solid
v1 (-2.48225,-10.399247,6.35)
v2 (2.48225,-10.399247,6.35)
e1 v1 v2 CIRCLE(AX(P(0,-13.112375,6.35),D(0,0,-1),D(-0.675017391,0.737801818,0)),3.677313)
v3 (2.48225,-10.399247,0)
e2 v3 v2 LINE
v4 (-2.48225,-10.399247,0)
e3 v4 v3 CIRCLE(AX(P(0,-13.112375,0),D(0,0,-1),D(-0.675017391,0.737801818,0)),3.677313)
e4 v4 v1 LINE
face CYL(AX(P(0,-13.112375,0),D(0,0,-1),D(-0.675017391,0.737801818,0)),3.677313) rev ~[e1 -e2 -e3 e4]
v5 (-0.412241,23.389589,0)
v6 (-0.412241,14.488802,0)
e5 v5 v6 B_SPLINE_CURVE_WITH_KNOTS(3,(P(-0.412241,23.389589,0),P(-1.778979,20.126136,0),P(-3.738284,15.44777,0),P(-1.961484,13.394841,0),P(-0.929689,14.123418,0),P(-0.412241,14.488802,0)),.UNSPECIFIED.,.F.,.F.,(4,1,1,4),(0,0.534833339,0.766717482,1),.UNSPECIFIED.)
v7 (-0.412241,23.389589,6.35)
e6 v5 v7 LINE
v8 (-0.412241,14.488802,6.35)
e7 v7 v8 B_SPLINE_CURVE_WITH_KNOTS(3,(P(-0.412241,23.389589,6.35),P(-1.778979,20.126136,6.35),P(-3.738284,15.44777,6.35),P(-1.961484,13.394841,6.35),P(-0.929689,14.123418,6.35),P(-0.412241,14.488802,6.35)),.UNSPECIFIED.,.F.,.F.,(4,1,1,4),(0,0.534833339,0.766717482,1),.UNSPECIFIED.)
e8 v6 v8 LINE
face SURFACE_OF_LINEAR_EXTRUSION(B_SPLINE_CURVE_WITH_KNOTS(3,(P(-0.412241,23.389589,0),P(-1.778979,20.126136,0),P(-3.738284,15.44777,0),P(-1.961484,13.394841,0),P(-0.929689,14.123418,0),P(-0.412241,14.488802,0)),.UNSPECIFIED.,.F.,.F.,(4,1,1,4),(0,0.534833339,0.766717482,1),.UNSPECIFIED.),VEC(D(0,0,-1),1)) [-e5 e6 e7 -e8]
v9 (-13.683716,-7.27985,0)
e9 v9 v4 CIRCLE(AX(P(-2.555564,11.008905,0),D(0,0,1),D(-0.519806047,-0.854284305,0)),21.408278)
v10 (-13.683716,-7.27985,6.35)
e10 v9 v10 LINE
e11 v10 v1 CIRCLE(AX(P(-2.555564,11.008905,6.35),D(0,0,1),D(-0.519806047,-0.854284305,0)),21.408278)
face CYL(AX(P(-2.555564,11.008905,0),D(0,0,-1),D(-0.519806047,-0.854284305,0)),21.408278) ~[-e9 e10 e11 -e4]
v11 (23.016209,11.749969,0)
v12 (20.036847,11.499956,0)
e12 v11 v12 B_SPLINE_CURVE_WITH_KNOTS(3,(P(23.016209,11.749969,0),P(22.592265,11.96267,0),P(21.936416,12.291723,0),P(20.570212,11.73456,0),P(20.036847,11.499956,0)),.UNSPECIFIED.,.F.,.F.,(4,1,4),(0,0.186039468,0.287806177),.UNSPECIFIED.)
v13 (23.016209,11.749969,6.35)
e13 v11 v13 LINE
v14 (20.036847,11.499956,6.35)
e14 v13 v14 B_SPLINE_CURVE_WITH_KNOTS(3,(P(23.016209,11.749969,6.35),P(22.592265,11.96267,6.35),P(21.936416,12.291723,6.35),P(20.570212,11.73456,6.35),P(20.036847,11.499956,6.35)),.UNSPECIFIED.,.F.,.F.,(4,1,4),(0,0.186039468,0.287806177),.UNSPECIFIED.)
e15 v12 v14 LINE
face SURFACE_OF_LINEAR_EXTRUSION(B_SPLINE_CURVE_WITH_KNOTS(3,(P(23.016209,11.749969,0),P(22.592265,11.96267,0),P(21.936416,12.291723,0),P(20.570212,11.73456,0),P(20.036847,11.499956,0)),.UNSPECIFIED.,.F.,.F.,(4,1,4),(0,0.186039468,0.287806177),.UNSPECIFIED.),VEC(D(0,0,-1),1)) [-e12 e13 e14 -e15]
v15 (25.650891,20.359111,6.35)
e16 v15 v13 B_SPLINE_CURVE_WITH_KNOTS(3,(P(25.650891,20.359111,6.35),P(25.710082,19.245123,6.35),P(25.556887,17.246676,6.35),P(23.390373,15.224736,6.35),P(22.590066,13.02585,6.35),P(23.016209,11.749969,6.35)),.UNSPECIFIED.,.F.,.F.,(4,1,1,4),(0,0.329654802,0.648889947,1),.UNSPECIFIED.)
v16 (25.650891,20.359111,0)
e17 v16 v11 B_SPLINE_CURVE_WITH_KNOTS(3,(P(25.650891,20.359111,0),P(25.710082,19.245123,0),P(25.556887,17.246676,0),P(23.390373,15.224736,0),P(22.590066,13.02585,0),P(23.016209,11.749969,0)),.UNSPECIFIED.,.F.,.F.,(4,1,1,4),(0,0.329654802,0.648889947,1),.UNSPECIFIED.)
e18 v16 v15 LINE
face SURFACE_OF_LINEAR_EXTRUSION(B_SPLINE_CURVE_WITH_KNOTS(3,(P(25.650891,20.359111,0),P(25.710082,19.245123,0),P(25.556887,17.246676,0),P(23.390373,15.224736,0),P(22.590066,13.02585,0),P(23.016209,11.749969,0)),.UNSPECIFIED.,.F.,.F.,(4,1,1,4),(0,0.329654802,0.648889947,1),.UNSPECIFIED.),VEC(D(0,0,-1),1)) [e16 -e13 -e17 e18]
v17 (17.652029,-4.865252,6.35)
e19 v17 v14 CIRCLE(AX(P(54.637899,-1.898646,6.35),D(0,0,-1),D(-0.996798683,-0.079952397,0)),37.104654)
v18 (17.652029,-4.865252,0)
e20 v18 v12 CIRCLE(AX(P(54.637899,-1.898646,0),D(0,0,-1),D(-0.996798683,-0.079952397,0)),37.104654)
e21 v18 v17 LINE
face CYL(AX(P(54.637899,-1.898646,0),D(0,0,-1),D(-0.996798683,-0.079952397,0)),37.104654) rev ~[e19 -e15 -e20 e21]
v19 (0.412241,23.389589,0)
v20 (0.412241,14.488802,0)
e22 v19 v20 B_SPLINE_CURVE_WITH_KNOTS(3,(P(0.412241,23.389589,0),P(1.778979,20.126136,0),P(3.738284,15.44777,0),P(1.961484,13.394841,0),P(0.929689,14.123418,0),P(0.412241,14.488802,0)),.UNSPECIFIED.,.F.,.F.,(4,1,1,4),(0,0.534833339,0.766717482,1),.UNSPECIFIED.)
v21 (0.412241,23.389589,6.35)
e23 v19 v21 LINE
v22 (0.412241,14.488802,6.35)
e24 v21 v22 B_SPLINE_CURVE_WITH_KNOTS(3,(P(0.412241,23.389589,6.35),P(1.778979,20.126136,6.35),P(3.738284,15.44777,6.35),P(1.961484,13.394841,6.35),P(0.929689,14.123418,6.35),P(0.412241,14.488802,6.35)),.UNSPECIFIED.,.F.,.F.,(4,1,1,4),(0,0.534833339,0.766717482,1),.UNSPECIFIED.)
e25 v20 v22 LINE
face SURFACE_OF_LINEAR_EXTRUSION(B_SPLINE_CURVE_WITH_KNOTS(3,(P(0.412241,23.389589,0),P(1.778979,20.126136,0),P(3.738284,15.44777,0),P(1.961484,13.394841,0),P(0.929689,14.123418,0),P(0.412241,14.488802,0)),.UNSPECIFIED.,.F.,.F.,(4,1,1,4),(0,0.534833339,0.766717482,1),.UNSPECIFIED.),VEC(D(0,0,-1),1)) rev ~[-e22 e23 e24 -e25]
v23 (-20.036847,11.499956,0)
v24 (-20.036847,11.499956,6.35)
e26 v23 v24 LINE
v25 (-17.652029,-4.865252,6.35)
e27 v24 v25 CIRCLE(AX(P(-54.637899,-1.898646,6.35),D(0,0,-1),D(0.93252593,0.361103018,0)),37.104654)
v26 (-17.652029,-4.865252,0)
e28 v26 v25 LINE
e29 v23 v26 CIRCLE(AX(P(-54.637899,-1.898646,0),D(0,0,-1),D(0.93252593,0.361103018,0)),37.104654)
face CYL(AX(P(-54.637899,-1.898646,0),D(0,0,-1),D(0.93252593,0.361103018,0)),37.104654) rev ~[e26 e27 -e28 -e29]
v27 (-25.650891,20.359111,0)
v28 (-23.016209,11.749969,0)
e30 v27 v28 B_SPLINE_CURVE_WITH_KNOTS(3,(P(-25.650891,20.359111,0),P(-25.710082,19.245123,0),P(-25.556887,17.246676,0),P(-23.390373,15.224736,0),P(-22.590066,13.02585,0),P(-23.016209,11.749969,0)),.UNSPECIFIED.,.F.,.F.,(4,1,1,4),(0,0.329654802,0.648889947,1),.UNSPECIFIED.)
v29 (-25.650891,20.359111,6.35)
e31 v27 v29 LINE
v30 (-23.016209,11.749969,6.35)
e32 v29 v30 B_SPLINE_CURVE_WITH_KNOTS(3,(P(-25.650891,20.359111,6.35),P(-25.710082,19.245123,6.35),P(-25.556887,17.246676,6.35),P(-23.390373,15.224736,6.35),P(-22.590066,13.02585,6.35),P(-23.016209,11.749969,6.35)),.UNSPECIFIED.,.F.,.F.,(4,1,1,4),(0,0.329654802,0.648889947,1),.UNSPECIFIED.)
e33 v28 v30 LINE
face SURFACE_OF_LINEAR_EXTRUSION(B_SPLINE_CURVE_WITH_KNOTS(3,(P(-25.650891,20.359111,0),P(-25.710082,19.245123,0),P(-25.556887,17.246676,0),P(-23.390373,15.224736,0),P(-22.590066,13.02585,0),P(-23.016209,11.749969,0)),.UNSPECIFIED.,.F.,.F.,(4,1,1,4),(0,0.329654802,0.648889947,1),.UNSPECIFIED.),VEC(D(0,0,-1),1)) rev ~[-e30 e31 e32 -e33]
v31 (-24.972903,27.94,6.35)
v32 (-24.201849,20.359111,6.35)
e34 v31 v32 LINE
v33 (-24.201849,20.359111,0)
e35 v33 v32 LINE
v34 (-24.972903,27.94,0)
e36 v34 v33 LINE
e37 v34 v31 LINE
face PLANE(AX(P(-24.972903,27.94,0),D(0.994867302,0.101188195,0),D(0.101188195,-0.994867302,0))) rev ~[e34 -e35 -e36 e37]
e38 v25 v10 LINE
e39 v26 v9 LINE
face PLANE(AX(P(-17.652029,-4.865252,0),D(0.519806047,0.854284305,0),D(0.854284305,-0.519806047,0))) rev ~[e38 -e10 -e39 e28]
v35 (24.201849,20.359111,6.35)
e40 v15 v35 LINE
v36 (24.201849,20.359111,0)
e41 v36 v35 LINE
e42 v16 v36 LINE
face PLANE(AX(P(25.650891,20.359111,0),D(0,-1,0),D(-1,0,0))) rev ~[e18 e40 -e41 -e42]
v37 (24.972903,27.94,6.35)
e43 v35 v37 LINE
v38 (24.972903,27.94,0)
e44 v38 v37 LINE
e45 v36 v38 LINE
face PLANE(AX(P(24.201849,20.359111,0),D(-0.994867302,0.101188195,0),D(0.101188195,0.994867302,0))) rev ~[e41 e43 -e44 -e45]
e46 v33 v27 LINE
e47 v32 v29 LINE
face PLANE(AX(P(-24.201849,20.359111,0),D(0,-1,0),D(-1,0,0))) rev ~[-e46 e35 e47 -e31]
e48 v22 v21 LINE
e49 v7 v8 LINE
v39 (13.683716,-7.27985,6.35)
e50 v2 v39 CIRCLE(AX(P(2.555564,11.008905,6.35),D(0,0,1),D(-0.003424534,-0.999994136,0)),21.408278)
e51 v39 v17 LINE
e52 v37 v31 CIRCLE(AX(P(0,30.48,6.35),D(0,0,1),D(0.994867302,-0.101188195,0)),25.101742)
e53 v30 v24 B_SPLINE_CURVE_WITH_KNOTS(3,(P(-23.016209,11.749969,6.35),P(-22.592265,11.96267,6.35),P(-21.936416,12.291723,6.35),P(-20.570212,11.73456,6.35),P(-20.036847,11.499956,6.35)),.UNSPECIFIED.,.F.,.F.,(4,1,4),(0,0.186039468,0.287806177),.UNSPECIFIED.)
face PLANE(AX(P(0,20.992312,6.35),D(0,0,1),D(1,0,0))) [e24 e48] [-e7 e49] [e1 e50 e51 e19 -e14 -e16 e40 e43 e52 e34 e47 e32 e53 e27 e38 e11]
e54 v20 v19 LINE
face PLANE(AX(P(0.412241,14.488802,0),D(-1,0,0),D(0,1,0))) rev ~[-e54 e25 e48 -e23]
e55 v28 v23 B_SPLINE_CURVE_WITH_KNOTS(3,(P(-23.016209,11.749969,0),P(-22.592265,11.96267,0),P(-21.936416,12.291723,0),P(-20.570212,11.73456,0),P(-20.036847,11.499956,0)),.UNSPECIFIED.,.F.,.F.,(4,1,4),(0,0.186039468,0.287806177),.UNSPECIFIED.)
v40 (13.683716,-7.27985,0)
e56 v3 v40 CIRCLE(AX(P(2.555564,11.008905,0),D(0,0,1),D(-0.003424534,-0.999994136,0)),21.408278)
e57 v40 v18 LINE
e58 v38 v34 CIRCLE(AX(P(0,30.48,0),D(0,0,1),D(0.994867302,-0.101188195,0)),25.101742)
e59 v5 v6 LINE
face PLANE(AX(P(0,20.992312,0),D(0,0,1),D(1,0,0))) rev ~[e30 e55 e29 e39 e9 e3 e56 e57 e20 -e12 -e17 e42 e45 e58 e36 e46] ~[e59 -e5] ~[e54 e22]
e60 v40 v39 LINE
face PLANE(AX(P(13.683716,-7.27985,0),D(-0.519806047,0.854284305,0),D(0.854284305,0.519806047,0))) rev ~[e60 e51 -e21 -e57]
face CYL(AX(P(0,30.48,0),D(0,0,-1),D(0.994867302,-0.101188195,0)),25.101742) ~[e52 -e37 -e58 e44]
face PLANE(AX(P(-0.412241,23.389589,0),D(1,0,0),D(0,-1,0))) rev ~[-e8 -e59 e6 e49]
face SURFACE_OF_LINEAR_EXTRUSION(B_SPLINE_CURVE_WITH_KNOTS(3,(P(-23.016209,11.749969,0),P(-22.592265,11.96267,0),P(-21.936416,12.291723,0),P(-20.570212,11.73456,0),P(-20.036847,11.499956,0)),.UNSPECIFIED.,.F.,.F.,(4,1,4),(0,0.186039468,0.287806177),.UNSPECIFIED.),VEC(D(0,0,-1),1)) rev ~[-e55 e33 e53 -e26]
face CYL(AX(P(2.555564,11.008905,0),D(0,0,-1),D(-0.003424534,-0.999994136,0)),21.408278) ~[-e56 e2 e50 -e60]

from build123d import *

# Parameters (mm, degrees)
F1_DEPTH = 6.35


with BuildPart() as f1:
    # F0 (on Top) → F1 (new body)
    with BuildSketch(Plane.XY):
        with BuildLine():
            Line((24.2018485624, 20.3591111567), (24.9729026109, 27.94))
            ThreePointArc((24.9729026109, 27.94), (0, 55.5817422665), (-24.9729026109, 27.94))
            Line((-24.9729026109, 27.94), (-24.2018485624, 20.3591111567))
            Line((-24.2018485624, 20.3591111567), (-25.6508905441, 20.3591111567))
            add(Edge.make_bspline(
                [(-25.6508905441, 20.3591111567), (-25.7100819344, 19.245122657), (-25.5568868283, 17.2466762377), (-23.3903728125, 15.2247357766), (-22.5900660073, 13.0258495468), (-23.0162087828, 11.749968864)],
                knots=[0, 0, 0, 0, 0.3296548024, 0.6488899473, 1, 1, 1, 1], degree=3))
            add(Edge.make_bspline(
                [(-23.0162087828, 11.749968864), (-22.5922647679, 11.9626704707), (-21.9364162676, 12.2917234231), (-20.5702119014, 11.7345602596), (-20.0368468234, 11.4999563751)],
                knots=[0, 0, 0, 0, 0.1860394682, 0.2878061771, 0.2878061771, 0.2878061771, 0.2878061771], degree=3))
            ThreePointArc((-20.0368468234, 11.4999563751), (-17.9210515485, 3.451912359), (-17.6520285488, -4.8652523476))
            Line((-17.6520285488, -4.8652523476), (-13.6837158352, -7.2798500769))
            ThreePointArc((-13.6837158352, -7.2798500769), (-8.2988226788, -9.6146084334), (-2.4822503328, -10.3992465883))
            ThreePointArc((-2.4822503328, -10.3992465883), (0, -9.4350617624), (2.4822503328, -10.3992465883))
            ThreePointArc((2.4822503328, -10.3992465883), (8.2988226788, -9.6146084334), (13.6837158352, -7.2798500769))
            Line((13.6837158352, -7.2798500769), (17.6520285488, -4.8652523476))
            ThreePointArc((17.6520285488, -4.8652523476), (17.9210515485, 3.451912359), (20.0368468234, 11.4999563751))
            add(Edge.make_bspline(
                [(23.0162087828, 11.749968864), (22.5922647679, 11.9626704707), (21.9364162676, 12.2917234231), (20.5702119014, 11.7345602596), (20.0368468234, 11.4999563751)],
                knots=[0, 0, 0, 0, 0.1860394682, 0.2878061771, 0.2878061771, 0.2878061771, 0.2878061771], degree=3))
            add(Edge.make_bspline(
                [(25.6508905441, 20.3591111567), (25.7100819344, 19.245122657), (25.5568868283, 17.2466762377), (23.3903728125, 15.2247357766), (22.5900660073, 13.0258495468), (23.0162087828, 11.749968864)],
                knots=[0, 0, 0, 0, 0.3296548024, 0.6488899473, 1, 1, 1, 1], degree=3))
            Line((25.6508905441, 20.3591111567), (24.2018485624, 20.3591111567))
        make_face()
        with BuildLine():
            add(Edge.make_bspline(
                [(-0.4122409155, 23.3895890415), (-1.7789787377, 20.1261361936), (-3.7382840107, 15.4477697441), (-1.9614836925, 13.3948410227), (-0.9296890952, 14.1234184564), (-0.4122409155, 14.4888022915)],
                knots=[0, 0, 0, 0, 0.534833339, 0.7667174817, 1, 1, 1, 1], degree=3))
            Line((-0.4122409155, 23.3895890415), (-0.4122409155, 14.4888022915))
        make_face(mode=Mode.SUBTRACT)
        with BuildLine():
            Line((0.4122409155, 14.4888022915), (0.4122409155, 23.3895890415))
            add(Edge.make_bspline(
                [(0.4122409155, 23.3895890415), (1.7789787377, 20.1261361936), (3.7382840107, 15.4477697441), (1.9614836925, 13.3948410227), (0.9296890952, 14.1234184564), (0.4122409155, 14.4888022915)],
                knots=[0, 0, 0, 0, 0.534833339, 0.7667174817, 1, 1, 1, 1], degree=3))
        make_face(mode=Mode.SUBTRACT)
    extrude(amount=F1_DEPTH)


solid = f1.part
